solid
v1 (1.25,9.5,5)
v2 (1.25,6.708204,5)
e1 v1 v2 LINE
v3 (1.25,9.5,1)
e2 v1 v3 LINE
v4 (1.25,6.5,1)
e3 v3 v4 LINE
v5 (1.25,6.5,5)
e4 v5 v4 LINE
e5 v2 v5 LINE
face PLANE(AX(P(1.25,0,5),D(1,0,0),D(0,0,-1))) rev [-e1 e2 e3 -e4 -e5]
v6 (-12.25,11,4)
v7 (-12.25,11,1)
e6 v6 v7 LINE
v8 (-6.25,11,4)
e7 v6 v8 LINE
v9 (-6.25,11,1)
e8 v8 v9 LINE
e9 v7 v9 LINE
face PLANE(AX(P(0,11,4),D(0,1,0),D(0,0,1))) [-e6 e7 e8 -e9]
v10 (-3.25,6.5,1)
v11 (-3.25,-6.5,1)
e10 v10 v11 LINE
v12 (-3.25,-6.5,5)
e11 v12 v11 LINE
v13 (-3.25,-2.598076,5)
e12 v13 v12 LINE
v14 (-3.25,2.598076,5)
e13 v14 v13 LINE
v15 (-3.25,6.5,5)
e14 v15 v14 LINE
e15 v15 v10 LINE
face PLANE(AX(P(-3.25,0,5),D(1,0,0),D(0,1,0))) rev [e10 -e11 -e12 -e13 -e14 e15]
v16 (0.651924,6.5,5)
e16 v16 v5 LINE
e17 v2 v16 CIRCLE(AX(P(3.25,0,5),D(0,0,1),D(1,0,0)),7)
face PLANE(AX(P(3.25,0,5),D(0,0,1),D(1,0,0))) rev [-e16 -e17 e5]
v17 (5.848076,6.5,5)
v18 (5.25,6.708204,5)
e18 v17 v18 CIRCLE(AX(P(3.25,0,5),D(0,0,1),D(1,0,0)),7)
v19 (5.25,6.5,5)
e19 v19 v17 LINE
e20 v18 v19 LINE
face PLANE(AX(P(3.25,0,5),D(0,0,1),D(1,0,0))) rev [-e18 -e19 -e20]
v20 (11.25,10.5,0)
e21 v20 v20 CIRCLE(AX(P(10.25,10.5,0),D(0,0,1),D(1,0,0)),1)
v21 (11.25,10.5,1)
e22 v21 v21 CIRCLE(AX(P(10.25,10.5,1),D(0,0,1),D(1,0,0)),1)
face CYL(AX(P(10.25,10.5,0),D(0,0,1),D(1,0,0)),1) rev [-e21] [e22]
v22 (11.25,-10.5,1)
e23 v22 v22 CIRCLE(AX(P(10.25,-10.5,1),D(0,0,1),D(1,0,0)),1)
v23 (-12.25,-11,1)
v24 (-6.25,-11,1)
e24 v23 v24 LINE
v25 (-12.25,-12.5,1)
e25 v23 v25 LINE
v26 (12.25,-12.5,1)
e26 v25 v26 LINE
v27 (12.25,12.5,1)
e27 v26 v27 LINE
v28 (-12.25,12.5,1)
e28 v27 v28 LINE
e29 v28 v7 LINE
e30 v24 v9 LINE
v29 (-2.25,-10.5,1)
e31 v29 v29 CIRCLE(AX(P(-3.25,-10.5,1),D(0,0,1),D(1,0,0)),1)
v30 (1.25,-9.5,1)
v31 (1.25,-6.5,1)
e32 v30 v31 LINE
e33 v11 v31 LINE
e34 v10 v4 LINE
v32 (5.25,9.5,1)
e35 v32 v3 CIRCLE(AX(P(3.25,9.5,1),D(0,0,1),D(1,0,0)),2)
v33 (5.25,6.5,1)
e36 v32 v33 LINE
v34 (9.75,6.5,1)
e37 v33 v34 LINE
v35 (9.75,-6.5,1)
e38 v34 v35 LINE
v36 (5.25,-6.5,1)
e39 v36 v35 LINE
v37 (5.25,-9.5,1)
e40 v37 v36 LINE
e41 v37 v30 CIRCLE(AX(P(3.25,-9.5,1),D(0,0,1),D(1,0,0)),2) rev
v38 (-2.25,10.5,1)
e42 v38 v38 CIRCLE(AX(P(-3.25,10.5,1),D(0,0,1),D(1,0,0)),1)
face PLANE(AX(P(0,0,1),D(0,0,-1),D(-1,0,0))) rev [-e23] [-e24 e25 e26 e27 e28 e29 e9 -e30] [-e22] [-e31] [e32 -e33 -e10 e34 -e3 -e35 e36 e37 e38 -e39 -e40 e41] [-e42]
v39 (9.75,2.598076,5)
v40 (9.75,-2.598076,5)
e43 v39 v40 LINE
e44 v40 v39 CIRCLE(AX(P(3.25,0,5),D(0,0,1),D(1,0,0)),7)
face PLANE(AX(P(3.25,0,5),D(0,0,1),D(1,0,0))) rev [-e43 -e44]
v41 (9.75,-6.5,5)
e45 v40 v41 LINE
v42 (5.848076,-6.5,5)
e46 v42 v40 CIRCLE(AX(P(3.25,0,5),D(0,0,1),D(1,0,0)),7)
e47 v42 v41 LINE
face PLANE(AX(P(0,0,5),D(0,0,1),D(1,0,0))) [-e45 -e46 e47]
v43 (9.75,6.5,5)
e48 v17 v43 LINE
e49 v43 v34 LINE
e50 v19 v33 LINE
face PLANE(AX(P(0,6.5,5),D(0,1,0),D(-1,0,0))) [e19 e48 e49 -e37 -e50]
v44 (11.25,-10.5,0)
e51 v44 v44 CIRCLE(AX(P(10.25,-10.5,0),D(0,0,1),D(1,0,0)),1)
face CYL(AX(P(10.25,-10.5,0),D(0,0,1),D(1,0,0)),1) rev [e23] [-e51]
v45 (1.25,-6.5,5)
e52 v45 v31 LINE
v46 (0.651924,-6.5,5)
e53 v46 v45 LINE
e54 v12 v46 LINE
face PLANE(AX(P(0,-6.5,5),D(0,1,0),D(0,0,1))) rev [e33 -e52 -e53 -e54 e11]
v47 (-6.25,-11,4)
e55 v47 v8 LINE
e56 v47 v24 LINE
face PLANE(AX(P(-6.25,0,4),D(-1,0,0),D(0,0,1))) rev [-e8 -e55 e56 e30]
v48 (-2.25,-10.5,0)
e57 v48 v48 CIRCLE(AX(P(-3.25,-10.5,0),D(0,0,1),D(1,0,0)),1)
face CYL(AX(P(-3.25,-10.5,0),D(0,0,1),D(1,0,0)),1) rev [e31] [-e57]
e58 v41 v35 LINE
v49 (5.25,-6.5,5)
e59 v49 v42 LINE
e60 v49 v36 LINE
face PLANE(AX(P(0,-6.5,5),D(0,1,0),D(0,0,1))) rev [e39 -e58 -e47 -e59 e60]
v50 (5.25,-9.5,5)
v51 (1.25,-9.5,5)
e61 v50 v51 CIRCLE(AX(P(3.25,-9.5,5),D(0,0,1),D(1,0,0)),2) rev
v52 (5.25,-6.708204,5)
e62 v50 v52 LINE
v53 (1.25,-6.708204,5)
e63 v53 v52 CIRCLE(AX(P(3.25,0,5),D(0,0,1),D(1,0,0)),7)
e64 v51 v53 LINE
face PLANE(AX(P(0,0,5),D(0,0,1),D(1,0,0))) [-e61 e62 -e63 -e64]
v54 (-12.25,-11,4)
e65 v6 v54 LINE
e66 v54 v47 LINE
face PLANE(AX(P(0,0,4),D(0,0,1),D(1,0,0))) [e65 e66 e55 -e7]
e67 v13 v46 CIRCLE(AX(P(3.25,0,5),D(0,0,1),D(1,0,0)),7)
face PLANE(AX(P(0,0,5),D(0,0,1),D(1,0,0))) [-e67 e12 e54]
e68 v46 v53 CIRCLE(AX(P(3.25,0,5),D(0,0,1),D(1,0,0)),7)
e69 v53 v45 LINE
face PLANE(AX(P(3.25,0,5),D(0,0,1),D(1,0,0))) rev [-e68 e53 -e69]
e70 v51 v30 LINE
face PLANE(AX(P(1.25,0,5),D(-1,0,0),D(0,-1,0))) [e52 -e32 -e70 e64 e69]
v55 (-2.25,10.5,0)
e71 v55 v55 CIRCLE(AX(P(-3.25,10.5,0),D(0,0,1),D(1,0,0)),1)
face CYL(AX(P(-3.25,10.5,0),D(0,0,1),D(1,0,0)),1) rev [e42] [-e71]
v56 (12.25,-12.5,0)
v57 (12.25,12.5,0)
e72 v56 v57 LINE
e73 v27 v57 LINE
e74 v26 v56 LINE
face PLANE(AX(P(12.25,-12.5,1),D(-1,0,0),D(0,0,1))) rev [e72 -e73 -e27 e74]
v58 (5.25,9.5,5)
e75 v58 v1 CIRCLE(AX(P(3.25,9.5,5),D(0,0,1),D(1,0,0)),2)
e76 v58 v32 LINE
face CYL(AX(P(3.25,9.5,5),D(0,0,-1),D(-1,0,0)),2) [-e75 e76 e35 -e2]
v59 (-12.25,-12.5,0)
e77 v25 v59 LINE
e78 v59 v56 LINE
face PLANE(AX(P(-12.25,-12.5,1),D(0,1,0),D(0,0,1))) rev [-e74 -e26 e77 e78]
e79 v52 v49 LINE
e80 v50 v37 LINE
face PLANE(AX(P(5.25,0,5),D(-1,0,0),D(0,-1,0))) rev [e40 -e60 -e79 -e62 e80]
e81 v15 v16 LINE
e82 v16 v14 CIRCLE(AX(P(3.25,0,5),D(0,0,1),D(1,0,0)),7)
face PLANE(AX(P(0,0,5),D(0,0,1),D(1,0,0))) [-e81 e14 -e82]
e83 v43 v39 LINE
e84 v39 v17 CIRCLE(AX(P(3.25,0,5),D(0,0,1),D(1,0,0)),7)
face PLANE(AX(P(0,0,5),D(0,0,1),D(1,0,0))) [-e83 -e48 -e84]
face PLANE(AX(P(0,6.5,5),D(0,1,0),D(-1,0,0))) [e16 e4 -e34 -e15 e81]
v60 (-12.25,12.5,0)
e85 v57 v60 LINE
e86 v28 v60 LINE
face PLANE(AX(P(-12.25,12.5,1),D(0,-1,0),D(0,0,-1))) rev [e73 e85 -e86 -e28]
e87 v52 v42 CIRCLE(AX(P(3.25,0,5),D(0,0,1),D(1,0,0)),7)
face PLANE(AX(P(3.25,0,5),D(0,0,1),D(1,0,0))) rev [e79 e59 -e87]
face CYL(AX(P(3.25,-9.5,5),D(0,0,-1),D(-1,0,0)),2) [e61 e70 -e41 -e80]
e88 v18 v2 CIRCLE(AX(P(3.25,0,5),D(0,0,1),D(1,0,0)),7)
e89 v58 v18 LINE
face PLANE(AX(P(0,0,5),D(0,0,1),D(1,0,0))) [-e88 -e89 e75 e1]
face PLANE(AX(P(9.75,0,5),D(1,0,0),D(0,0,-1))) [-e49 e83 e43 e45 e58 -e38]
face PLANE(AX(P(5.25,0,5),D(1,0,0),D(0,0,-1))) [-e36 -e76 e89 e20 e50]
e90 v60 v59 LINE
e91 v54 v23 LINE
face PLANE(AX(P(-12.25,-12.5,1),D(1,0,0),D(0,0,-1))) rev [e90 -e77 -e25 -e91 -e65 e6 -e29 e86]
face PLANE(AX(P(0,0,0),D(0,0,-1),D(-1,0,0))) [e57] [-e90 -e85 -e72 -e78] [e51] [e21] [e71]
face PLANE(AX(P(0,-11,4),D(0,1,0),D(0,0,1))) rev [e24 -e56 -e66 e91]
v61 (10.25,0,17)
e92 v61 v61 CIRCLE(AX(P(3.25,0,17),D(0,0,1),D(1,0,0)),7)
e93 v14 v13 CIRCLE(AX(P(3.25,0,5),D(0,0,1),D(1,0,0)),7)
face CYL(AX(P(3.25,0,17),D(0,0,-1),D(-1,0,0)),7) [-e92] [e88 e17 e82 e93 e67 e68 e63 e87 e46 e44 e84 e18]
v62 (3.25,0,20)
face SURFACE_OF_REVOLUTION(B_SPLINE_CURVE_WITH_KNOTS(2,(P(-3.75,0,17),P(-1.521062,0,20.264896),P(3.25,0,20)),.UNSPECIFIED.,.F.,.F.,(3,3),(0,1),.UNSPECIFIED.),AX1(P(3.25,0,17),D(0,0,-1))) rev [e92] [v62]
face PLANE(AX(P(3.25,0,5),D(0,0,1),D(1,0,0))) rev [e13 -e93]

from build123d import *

# Parameters (mm, degrees)
SKETCH1_W           = 24.5
SKETCH1_H           = 25
BOSS_EXTRUDE1_DEPTH = 1
SKETCH2_W           = 6
SKETCH2_H           = 22
BOSS_EXTRUDE2_DEPTH = 3
SKETCH3_R           = 1
CUT_EXTRUDE1_DEPTH  = 18.757040857
SKETCH4_R           = 2
SKETCH4_W           = 13
SKETCH4_H           = 13
BOSS_EXTRUDE3_DEPTH = 4
SKETCH5_R           = 7
BOSS_EXTRUDE4_DEPTH = 12


with BuildPart() as part:
    # Sketch1 → Boss-Extrude1 (new body)
    with BuildSketch(Plane.XY):
        Rectangle(SKETCH1_W, SKETCH1_H)
    extrude(amount=BOSS_EXTRUDE1_DEPTH)

    # Sketch2 → Boss-Extrude2 (add)
    with BuildSketch(Plane.XY.offset(1)):
        with Locations((-9.25, 0)):
            Rectangle(SKETCH2_W, SKETCH2_H)
    extrude(amount=BOSS_EXTRUDE2_DEPTH)

    # Sketch3 → Cut-Extrude1 (cut, through all)
    with BuildSketch(Plane.XY.offset(1)):
        with Locations((10.25, 10.5)):
            Circle(SKETCH3_R)
        with Locations((10.25, -10.5)):
            Circle(SKETCH3_R)
        with Locations((-3.25, 10.5)):
            Circle(SKETCH3_R)
        with Locations((-3.25, -10.5)):
            Circle(SKETCH3_R)
    extrude(amount=-CUT_EXTRUDE1_DEPTH, mode=Mode.SUBTRACT)

    # Sketch4 → Boss-Extrude3 (add)
    with BuildSketch(Plane.XY.offset(1)):
        with Locations((3.25, 9.5)):
            Circle(SKETCH4_R)
        with BuildLine():
            Line((5.25, 6.5), (5.25, 9.5))
            ThreePointArc((5.25, 9.5), (3.25, 7.5), (1.25, 9.5))
            Line((1.25, 9.5), (1.25, 6.5))
            Line((1.25, 6.5), (5.25, 6.5))
        make_face()
        with Locations((3.25, 0)):
            Rectangle(SKETCH4_W, SKETCH4_H)
        with Locations((3.25, -9.5)):
            Circle(SKETCH4_R)
        with BuildLine():
            Line((5.25, -9.5), (5.25, -6.5))
            Line((5.25, -6.5), (1.25, -6.5))
            Line((1.25, -6.5), (1.25, -9.5))
            ThreePointArc((1.25, -9.5), (3.25, -7.5), (5.25, -9.5))
        make_face()
    extrude(amount=BOSS_EXTRUDE3_DEPTH)

    # Sketch5 → Boss-Extrude4 (add)
    with BuildSketch(Plane.XY.offset(5)):
        with Locations(Location((3.25, 0, 0), (0, 0, 158.213210702))):
            Circle(SKETCH5_R)
    extrude(amount=BOSS_EXTRUDE4_DEPTH)

    # Sketch7 → Revolve1 (revolve)
    with BuildSketch(Plane(origin=(0, 0, 0), x_dir=(1, 0, 0), z_dir=(0, 1, 0))):
        with BuildLine():
            Line((3.25, -17), (3.25, -20))
            add(Edge.make_bspline(
                [(-3.75, -17), (-1.521062197, -20.264896089), (3.25, -20)],
                knots=[0, 0, 0, 1, 1, 1], degree=2))
            Line((-3.75, -17), (3.25, -17))
        make_face()
    revolve(axis=Axis((3.25, 0, 17), (0, 0, 1)))


solid = part.part
